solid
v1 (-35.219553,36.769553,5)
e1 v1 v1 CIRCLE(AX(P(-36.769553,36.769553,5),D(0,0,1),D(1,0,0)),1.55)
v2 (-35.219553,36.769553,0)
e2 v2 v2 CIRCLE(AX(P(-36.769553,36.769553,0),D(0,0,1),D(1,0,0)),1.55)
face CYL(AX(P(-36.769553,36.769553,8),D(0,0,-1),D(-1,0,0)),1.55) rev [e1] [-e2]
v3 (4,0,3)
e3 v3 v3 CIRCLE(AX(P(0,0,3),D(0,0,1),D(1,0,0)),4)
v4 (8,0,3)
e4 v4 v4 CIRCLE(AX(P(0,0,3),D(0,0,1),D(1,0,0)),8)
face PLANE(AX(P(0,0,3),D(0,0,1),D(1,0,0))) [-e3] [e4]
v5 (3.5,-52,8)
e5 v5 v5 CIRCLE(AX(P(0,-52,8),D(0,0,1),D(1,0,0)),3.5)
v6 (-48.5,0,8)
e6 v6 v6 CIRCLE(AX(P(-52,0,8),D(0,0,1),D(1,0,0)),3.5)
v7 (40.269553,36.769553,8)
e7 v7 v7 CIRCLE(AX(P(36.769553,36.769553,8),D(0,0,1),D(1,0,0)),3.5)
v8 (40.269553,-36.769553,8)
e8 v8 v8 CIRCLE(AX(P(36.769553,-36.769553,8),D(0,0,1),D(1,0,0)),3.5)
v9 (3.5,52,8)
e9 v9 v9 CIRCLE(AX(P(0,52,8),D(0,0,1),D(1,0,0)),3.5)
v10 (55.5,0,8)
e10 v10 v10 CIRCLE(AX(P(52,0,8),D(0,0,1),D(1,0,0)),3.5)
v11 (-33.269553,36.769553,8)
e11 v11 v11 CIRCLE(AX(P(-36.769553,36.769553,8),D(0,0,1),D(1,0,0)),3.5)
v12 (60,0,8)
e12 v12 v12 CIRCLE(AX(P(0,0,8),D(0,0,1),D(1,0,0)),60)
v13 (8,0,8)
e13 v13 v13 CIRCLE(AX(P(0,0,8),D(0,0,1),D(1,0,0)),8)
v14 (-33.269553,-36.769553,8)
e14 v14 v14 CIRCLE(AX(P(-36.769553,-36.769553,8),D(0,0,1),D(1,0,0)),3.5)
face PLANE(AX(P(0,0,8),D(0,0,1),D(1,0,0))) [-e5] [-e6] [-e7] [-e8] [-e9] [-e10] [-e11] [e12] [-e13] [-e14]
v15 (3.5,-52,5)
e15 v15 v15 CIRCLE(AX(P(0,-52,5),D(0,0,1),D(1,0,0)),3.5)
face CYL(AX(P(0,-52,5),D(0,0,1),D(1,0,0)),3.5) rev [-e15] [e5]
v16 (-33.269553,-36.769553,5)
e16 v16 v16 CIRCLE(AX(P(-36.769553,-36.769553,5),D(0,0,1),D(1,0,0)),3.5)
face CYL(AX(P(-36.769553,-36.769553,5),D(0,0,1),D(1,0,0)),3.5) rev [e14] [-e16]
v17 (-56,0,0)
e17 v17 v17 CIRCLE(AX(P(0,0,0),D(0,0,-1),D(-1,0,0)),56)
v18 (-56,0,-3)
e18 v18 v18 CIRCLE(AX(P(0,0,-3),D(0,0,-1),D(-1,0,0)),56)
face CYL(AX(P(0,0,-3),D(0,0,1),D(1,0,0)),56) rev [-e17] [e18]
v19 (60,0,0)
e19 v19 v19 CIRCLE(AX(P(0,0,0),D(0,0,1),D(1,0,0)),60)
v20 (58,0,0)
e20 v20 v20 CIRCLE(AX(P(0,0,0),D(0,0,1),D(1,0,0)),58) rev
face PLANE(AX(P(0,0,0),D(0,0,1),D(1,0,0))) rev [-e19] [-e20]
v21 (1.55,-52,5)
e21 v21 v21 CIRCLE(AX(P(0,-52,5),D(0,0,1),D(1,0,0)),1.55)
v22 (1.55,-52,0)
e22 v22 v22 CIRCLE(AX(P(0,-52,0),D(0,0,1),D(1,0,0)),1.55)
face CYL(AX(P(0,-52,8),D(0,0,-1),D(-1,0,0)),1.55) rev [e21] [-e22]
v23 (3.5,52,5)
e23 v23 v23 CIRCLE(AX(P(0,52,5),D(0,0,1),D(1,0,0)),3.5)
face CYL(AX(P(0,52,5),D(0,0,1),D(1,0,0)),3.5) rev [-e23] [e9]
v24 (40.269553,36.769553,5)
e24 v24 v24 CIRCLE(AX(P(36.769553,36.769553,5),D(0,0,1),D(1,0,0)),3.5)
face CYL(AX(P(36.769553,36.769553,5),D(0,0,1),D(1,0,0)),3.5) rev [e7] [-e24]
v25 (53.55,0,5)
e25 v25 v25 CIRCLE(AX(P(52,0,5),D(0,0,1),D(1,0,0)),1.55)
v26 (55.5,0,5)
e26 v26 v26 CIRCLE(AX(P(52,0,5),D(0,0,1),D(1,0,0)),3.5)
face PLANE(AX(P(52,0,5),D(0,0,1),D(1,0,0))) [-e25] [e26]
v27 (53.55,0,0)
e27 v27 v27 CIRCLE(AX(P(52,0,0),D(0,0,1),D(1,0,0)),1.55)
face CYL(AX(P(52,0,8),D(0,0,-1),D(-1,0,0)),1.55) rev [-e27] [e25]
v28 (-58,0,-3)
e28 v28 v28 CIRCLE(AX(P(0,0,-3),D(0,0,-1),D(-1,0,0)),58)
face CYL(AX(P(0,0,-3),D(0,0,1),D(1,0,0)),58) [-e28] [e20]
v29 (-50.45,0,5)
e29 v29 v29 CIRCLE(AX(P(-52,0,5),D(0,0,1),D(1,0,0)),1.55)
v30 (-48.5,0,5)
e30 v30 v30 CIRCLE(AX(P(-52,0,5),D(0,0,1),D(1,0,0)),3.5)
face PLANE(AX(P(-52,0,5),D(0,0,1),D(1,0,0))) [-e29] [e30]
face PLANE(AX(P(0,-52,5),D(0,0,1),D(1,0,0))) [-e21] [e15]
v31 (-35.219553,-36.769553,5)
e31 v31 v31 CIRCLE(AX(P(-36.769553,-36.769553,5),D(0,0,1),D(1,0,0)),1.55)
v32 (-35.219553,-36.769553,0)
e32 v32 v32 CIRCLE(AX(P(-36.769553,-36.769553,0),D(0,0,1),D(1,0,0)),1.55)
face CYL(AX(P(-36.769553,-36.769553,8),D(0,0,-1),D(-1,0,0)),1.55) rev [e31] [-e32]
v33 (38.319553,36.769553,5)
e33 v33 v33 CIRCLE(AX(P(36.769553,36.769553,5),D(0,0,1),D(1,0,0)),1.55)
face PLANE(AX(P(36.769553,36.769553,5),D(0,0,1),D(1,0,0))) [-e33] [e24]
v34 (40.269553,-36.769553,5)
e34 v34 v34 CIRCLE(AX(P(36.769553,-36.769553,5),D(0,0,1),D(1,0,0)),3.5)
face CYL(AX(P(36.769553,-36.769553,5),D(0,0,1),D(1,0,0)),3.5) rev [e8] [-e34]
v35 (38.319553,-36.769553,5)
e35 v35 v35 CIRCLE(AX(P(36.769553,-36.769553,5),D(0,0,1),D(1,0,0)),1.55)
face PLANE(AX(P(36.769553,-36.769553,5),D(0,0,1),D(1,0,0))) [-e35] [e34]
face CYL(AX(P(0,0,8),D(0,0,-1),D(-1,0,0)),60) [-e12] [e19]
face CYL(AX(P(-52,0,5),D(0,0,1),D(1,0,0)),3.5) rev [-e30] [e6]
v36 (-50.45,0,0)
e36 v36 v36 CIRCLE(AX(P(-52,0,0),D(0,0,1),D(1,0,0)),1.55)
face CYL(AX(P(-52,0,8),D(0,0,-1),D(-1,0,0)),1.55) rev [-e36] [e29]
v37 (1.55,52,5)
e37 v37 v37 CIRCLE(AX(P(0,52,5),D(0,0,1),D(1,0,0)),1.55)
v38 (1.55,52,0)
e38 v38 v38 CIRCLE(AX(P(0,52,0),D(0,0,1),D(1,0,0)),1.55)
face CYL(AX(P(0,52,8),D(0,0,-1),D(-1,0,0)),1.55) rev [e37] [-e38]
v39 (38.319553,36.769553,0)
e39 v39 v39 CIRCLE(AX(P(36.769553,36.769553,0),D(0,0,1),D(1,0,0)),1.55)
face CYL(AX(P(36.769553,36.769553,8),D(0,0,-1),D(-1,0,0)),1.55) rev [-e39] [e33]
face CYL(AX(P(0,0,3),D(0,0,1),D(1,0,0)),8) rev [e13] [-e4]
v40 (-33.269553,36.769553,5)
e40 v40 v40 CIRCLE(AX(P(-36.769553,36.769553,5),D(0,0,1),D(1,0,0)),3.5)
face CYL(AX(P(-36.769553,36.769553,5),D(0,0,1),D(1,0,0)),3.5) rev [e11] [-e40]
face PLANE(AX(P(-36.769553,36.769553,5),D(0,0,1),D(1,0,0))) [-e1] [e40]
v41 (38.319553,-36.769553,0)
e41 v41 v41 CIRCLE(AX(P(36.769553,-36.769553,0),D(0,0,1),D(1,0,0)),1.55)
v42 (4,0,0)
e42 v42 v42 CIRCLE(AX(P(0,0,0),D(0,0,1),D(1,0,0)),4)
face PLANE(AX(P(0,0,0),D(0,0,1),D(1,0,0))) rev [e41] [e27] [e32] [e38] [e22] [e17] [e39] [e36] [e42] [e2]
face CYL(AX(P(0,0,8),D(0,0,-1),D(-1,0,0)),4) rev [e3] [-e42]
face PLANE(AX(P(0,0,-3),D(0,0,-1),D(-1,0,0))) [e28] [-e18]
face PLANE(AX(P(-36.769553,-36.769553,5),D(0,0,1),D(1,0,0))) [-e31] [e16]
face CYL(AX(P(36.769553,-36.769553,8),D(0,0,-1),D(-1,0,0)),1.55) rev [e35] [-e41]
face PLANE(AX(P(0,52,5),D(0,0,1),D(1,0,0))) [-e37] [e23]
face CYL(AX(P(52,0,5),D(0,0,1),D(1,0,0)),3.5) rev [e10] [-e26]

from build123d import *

# Parameters (mm, degrees)
SKETCH1_R           = 60
SKETCH1_R_2         = 4
SKETCH1_R_3         = 1.55
BOSS_EXTRUDE2_DEPTH = 8
SKETCH2_R           = 8
CUT_EXTRUDE1_DEPTH  = 5
SKETCH3_R           = 3.5
CUT_EXTRUDE2_DEPTH  = 3
SKETCH4_R           = 58
SKETCH4_R_2         = 56
BOSS_EXTRUDE3_DEPTH = 3


with BuildPart() as part:
    # Sketch1 → Boss-Extrude2 (new body)
    with BuildSketch(Plane.XY):
        Circle(SKETCH1_R)
        Circle(SKETCH1_R_2, mode=Mode.SUBTRACT)
        with Locations((-36.769552622, 36.769552622)):
            Circle(SKETCH1_R_3, mode=Mode.SUBTRACT)
        with Locations((0, 52)):
            Circle(SKETCH1_R_3, mode=Mode.SUBTRACT)
        with Locations((36.769552622, 36.769552622)):
            Circle(SKETCH1_R_3, mode=Mode.SUBTRACT)
        with Locations((52, 0)):
            Circle(SKETCH1_R_3, mode=Mode.SUBTRACT)
        with Locations((36.769552622, -36.769552622)):
            Circle(SKETCH1_R_3, mode=Mode.SUBTRACT)
        with Locations((0, -52)):
            Circle(SKETCH1_R_3, mode=Mode.SUBTRACT)
        with Locations((-36.769552622, -36.769552622)):
            Circle(SKETCH1_R_3, mode=Mode.SUBTRACT)
        with Locations((-52, 0)):
            Circle(SKETCH1_R_3, mode=Mode.SUBTRACT)
    extrude(amount=BOSS_EXTRUDE2_DEPTH)

    # Sketch2 → Cut-Extrude1 (cut)
    with BuildSketch(Plane.XY.offset(8)):
        Circle(SKETCH2_R)
    extrude(amount=-CUT_EXTRUDE1_DEPTH, mode=Mode.SUBTRACT)

    # Sketch3 → Cut-Extrude2 (cut)
    with BuildSketch(Plane.XY.offset(8)):
        with Locations((0, 52)):
            Circle(SKETCH3_R)
        with Locations((36.769552622, 36.769552622)):
            Circle(SKETCH3_R)
        with Locations((52, 0)):
            Circle(SKETCH3_R)
        with Locations((36.769552622, -36.769552622)):
            Circle(SKETCH3_R)
        with Locations((0, -52)):
            Circle(SKETCH3_R)
        with Locations((-36.769552622, -36.769552622)):
            Circle(SKETCH3_R)
        with Locations((-52, 0)):
            Circle(SKETCH3_R)
        with Locations((-36.769552622, 36.769552622)):
            Circle(SKETCH3_R)
    extrude(amount=-CUT_EXTRUDE2_DEPTH, mode=Mode.SUBTRACT)

    # Sketch4 → Boss-Extrude3 (add)
    with BuildSketch(Plane(origin=(0, 0, 0), x_dir=(-1, 0, 0), z_dir=(0, 0, -1))):
        with Locations(Location((0, 0, 0), (0, 0, 180))):
            Circle(SKETCH4_R)
        Circle(SKETCH4_R_2, mode=Mode.SUBTRACT)
    extrude(amount=BOSS_EXTRUDE3_DEPTH)


solid = part.part
